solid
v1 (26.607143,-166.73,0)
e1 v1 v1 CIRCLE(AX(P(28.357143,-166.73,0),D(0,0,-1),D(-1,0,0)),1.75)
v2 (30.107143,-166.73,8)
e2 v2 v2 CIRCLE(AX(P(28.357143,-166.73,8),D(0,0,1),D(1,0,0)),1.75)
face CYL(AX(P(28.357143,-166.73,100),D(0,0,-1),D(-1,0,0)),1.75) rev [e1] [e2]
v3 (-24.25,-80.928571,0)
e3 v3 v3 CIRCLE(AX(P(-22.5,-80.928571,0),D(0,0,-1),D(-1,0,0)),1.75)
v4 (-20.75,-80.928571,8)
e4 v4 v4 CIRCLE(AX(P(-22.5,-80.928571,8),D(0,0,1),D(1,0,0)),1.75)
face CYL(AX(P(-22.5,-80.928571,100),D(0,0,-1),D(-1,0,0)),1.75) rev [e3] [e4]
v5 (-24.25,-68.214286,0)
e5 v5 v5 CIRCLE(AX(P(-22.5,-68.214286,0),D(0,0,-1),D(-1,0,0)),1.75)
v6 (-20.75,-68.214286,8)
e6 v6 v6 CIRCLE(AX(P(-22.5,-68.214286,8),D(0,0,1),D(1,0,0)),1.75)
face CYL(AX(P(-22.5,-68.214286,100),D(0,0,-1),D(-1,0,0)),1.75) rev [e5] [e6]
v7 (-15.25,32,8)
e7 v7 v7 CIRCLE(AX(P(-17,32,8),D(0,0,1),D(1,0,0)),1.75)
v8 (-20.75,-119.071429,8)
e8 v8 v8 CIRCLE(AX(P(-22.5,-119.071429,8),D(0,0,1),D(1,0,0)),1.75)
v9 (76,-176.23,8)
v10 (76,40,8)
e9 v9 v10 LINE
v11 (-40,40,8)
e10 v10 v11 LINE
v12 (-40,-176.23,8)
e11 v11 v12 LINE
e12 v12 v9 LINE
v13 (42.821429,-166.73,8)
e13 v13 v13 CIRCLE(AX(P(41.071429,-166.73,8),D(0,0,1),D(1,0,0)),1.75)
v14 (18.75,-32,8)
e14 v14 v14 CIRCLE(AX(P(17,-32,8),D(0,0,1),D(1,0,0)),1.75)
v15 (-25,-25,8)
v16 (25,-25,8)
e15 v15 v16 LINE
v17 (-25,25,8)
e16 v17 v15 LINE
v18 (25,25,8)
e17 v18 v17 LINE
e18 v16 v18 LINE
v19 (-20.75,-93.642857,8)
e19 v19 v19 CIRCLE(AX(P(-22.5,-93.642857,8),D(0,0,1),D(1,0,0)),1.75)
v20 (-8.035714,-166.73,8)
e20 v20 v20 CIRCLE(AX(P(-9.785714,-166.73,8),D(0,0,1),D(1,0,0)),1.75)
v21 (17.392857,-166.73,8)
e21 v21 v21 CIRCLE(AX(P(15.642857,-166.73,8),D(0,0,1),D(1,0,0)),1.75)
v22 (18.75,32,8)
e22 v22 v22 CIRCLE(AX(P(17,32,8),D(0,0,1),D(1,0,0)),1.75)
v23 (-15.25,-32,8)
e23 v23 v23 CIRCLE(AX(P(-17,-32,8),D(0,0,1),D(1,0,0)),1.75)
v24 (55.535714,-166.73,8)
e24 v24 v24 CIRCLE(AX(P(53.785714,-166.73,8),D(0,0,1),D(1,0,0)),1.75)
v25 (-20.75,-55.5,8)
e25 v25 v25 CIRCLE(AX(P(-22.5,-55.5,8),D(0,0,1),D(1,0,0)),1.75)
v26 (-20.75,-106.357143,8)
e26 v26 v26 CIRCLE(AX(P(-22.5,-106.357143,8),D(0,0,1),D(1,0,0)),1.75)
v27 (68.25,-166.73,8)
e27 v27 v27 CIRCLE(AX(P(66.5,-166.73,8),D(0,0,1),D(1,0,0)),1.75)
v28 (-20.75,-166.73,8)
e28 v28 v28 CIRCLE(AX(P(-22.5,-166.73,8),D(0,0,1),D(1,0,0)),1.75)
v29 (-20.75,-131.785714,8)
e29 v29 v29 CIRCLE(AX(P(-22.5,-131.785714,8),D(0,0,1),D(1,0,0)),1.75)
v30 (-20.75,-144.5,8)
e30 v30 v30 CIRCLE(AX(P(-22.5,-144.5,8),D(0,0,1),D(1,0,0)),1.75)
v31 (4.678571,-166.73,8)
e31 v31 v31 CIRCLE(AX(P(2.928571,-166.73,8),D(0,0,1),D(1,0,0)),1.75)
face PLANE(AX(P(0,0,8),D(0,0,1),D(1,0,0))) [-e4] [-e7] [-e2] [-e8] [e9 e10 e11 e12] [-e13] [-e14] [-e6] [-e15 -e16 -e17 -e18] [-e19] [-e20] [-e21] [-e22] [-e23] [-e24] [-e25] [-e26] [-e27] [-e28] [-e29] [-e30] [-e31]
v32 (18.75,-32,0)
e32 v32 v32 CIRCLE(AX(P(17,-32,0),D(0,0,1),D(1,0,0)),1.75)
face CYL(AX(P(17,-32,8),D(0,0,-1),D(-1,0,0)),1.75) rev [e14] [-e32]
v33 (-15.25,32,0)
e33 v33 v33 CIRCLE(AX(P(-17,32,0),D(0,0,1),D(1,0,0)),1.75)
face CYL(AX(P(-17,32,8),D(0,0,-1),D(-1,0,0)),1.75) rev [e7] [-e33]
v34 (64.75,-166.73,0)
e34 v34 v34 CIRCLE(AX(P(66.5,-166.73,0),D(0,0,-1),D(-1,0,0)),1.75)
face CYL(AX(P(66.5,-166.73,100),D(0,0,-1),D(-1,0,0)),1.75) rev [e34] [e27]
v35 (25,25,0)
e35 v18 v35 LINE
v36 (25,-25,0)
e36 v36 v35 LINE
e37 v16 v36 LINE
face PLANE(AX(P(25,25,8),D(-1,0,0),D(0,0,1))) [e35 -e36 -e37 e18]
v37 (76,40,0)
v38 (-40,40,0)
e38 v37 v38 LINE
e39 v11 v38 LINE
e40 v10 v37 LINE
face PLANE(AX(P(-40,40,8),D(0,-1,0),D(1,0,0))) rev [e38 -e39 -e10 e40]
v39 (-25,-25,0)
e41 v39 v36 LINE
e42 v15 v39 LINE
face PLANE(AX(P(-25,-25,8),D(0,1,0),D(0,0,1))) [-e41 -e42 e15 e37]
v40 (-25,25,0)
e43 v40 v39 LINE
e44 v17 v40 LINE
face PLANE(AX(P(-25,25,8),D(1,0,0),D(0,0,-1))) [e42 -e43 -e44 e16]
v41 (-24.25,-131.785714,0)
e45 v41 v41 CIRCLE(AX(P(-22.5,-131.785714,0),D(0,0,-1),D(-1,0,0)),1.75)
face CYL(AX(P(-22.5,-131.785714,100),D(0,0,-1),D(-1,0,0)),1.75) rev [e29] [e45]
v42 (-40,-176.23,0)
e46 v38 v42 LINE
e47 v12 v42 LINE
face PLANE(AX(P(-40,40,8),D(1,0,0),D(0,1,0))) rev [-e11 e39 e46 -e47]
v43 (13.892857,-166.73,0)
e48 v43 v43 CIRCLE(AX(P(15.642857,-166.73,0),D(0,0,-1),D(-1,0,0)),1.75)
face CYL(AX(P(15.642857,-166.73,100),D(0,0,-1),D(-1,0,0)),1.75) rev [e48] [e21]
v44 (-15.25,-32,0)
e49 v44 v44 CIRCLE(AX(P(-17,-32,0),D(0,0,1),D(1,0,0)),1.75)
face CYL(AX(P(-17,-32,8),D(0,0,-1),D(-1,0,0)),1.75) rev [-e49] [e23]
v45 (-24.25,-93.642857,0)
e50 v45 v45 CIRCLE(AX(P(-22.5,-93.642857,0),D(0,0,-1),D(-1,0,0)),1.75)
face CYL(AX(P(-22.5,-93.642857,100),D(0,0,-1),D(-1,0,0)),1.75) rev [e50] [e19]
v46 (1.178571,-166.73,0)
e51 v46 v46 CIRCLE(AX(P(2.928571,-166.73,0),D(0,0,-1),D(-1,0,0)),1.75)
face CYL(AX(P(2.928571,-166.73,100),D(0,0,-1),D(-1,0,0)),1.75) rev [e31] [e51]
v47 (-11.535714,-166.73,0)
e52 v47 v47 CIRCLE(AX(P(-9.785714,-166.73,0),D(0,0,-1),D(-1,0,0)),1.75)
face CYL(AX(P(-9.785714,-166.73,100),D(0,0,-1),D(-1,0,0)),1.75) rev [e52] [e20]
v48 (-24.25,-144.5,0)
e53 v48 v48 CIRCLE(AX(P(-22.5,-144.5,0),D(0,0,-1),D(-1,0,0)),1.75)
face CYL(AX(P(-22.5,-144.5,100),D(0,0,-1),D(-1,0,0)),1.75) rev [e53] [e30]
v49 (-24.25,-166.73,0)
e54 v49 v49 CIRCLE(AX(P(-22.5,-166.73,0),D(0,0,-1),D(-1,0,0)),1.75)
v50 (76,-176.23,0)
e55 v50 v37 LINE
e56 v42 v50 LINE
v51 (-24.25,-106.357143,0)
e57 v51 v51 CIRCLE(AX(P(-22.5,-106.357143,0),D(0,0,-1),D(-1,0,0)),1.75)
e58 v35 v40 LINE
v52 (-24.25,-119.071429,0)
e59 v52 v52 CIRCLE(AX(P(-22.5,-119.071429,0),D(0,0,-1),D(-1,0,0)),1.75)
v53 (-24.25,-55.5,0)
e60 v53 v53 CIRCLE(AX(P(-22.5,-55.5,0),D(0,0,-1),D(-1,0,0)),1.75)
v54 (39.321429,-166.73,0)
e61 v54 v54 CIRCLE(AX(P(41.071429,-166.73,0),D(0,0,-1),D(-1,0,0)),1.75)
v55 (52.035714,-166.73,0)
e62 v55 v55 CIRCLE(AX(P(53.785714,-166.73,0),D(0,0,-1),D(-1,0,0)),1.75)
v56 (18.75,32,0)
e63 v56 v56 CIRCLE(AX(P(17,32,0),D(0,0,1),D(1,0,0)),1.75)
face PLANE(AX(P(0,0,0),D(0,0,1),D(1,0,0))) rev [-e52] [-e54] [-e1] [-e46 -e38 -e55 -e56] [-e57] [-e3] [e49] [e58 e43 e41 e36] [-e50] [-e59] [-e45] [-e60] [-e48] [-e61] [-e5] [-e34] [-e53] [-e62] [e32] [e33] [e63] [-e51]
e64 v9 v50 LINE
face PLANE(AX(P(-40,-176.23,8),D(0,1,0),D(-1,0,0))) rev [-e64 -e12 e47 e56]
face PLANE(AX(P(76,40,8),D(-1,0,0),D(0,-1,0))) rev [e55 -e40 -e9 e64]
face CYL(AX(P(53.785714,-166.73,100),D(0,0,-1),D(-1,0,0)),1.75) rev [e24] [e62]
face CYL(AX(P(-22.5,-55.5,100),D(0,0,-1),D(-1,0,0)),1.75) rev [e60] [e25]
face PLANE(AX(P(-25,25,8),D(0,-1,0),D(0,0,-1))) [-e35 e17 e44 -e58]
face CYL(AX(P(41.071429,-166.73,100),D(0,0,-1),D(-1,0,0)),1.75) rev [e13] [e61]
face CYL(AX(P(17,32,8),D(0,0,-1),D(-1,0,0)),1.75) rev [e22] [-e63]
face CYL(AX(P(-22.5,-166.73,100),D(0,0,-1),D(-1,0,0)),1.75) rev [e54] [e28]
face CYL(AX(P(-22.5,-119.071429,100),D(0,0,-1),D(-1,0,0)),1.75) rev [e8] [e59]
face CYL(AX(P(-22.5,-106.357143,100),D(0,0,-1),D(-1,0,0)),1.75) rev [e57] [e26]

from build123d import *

# Parameters (mm, degrees)
ESBO_O1_W                = 116
ESBO_O1_H                = 216.23
ESBO_O1_R                = 1.75
ESBO_O1_W_2              = 50
ESBO_O1_H_2              = 50
RESSALTO_EXTRUS_O2_DEPTH = 8
ESBO_O2_R                = 1.75
CORTE_EXTRUS_O1_DEPTH    = 100
PADR_O_LINEAR1_COUNT     = 8
PADR_O_LINEAR1_PITCH     = 12.714285714
ESBO_O3_R                = 1.75
CORTE_EXTRUS_O2_DEPTH    = 100
PADR_O_LINEAR2_COUNT     = 8
PADR_O_LINEAR2_PITCH     = 12.714285714


with BuildPart() as part:
    # Esboço1 → Ressalto-extrusão2 (new body)
    with BuildSketch(Plane.XY):
        with Locations((18, -68.115)):
            Rectangle(ESBO_O1_W, ESBO_O1_H)
        with Locations((-17, 32)):
            Circle(ESBO_O1_R, mode=Mode.SUBTRACT)
        with Locations((17, 32)):
            Circle(ESBO_O1_R, mode=Mode.SUBTRACT)
        with Locations((-17, -32)):
            Circle(ESBO_O1_R, mode=Mode.SUBTRACT)
        with Locations((17, -32)):
            Circle(ESBO_O1_R, mode=Mode.SUBTRACT)
        Rectangle(ESBO_O1_W_2, ESBO_O1_H_2, mode=Mode.SUBTRACT)
    extrude(amount=RESSALTO_EXTRUS_O2_DEPTH)

    # Esboço2 → Corte-extrusão1 (cut)
    with BuildSketch(Plane(origin=(0, 0, 0), x_dir=(-1, 0, 0), z_dir=(0, 0, -1))):
        with Locations((-66.5, -166.73)):
            Circle(ESBO_O2_R)
    corte_extrus_o1 = extrude(amount=-CORTE_EXTRUS_O1_DEPTH, mode=Mode.SUBTRACT)

    # Padrão linear1: Corte-extrusão1 ×8
    with Locations(*[(-i * PADR_O_LINEAR1_PITCH, 0, 0) for i in range(1, PADR_O_LINEAR1_COUNT)]):
        add(corte_extrus_o1, mode=Mode.SUBTRACT)

    # Esboço3 → Corte-extrusão2 (cut)
    with BuildSketch(Plane(origin=(0, 0, 0), x_dir=(-1, 0, 0), z_dir=(0, 0, -1))):
        with Locations((22.5, -55.5)):
            Circle(ESBO_O3_R)
    corte_extrus_o2 = extrude(amount=-CORTE_EXTRUS_O2_DEPTH, mode=Mode.SUBTRACT)

    # Padrão linear2: Corte-extrusão2 ×8
    with Locations(*[(0, -i * PADR_O_LINEAR2_PITCH, 0) for i in range(1, PADR_O_LINEAR2_COUNT)]):
        add(corte_extrus_o2, mode=Mode.SUBTRACT)


solid = part.part
